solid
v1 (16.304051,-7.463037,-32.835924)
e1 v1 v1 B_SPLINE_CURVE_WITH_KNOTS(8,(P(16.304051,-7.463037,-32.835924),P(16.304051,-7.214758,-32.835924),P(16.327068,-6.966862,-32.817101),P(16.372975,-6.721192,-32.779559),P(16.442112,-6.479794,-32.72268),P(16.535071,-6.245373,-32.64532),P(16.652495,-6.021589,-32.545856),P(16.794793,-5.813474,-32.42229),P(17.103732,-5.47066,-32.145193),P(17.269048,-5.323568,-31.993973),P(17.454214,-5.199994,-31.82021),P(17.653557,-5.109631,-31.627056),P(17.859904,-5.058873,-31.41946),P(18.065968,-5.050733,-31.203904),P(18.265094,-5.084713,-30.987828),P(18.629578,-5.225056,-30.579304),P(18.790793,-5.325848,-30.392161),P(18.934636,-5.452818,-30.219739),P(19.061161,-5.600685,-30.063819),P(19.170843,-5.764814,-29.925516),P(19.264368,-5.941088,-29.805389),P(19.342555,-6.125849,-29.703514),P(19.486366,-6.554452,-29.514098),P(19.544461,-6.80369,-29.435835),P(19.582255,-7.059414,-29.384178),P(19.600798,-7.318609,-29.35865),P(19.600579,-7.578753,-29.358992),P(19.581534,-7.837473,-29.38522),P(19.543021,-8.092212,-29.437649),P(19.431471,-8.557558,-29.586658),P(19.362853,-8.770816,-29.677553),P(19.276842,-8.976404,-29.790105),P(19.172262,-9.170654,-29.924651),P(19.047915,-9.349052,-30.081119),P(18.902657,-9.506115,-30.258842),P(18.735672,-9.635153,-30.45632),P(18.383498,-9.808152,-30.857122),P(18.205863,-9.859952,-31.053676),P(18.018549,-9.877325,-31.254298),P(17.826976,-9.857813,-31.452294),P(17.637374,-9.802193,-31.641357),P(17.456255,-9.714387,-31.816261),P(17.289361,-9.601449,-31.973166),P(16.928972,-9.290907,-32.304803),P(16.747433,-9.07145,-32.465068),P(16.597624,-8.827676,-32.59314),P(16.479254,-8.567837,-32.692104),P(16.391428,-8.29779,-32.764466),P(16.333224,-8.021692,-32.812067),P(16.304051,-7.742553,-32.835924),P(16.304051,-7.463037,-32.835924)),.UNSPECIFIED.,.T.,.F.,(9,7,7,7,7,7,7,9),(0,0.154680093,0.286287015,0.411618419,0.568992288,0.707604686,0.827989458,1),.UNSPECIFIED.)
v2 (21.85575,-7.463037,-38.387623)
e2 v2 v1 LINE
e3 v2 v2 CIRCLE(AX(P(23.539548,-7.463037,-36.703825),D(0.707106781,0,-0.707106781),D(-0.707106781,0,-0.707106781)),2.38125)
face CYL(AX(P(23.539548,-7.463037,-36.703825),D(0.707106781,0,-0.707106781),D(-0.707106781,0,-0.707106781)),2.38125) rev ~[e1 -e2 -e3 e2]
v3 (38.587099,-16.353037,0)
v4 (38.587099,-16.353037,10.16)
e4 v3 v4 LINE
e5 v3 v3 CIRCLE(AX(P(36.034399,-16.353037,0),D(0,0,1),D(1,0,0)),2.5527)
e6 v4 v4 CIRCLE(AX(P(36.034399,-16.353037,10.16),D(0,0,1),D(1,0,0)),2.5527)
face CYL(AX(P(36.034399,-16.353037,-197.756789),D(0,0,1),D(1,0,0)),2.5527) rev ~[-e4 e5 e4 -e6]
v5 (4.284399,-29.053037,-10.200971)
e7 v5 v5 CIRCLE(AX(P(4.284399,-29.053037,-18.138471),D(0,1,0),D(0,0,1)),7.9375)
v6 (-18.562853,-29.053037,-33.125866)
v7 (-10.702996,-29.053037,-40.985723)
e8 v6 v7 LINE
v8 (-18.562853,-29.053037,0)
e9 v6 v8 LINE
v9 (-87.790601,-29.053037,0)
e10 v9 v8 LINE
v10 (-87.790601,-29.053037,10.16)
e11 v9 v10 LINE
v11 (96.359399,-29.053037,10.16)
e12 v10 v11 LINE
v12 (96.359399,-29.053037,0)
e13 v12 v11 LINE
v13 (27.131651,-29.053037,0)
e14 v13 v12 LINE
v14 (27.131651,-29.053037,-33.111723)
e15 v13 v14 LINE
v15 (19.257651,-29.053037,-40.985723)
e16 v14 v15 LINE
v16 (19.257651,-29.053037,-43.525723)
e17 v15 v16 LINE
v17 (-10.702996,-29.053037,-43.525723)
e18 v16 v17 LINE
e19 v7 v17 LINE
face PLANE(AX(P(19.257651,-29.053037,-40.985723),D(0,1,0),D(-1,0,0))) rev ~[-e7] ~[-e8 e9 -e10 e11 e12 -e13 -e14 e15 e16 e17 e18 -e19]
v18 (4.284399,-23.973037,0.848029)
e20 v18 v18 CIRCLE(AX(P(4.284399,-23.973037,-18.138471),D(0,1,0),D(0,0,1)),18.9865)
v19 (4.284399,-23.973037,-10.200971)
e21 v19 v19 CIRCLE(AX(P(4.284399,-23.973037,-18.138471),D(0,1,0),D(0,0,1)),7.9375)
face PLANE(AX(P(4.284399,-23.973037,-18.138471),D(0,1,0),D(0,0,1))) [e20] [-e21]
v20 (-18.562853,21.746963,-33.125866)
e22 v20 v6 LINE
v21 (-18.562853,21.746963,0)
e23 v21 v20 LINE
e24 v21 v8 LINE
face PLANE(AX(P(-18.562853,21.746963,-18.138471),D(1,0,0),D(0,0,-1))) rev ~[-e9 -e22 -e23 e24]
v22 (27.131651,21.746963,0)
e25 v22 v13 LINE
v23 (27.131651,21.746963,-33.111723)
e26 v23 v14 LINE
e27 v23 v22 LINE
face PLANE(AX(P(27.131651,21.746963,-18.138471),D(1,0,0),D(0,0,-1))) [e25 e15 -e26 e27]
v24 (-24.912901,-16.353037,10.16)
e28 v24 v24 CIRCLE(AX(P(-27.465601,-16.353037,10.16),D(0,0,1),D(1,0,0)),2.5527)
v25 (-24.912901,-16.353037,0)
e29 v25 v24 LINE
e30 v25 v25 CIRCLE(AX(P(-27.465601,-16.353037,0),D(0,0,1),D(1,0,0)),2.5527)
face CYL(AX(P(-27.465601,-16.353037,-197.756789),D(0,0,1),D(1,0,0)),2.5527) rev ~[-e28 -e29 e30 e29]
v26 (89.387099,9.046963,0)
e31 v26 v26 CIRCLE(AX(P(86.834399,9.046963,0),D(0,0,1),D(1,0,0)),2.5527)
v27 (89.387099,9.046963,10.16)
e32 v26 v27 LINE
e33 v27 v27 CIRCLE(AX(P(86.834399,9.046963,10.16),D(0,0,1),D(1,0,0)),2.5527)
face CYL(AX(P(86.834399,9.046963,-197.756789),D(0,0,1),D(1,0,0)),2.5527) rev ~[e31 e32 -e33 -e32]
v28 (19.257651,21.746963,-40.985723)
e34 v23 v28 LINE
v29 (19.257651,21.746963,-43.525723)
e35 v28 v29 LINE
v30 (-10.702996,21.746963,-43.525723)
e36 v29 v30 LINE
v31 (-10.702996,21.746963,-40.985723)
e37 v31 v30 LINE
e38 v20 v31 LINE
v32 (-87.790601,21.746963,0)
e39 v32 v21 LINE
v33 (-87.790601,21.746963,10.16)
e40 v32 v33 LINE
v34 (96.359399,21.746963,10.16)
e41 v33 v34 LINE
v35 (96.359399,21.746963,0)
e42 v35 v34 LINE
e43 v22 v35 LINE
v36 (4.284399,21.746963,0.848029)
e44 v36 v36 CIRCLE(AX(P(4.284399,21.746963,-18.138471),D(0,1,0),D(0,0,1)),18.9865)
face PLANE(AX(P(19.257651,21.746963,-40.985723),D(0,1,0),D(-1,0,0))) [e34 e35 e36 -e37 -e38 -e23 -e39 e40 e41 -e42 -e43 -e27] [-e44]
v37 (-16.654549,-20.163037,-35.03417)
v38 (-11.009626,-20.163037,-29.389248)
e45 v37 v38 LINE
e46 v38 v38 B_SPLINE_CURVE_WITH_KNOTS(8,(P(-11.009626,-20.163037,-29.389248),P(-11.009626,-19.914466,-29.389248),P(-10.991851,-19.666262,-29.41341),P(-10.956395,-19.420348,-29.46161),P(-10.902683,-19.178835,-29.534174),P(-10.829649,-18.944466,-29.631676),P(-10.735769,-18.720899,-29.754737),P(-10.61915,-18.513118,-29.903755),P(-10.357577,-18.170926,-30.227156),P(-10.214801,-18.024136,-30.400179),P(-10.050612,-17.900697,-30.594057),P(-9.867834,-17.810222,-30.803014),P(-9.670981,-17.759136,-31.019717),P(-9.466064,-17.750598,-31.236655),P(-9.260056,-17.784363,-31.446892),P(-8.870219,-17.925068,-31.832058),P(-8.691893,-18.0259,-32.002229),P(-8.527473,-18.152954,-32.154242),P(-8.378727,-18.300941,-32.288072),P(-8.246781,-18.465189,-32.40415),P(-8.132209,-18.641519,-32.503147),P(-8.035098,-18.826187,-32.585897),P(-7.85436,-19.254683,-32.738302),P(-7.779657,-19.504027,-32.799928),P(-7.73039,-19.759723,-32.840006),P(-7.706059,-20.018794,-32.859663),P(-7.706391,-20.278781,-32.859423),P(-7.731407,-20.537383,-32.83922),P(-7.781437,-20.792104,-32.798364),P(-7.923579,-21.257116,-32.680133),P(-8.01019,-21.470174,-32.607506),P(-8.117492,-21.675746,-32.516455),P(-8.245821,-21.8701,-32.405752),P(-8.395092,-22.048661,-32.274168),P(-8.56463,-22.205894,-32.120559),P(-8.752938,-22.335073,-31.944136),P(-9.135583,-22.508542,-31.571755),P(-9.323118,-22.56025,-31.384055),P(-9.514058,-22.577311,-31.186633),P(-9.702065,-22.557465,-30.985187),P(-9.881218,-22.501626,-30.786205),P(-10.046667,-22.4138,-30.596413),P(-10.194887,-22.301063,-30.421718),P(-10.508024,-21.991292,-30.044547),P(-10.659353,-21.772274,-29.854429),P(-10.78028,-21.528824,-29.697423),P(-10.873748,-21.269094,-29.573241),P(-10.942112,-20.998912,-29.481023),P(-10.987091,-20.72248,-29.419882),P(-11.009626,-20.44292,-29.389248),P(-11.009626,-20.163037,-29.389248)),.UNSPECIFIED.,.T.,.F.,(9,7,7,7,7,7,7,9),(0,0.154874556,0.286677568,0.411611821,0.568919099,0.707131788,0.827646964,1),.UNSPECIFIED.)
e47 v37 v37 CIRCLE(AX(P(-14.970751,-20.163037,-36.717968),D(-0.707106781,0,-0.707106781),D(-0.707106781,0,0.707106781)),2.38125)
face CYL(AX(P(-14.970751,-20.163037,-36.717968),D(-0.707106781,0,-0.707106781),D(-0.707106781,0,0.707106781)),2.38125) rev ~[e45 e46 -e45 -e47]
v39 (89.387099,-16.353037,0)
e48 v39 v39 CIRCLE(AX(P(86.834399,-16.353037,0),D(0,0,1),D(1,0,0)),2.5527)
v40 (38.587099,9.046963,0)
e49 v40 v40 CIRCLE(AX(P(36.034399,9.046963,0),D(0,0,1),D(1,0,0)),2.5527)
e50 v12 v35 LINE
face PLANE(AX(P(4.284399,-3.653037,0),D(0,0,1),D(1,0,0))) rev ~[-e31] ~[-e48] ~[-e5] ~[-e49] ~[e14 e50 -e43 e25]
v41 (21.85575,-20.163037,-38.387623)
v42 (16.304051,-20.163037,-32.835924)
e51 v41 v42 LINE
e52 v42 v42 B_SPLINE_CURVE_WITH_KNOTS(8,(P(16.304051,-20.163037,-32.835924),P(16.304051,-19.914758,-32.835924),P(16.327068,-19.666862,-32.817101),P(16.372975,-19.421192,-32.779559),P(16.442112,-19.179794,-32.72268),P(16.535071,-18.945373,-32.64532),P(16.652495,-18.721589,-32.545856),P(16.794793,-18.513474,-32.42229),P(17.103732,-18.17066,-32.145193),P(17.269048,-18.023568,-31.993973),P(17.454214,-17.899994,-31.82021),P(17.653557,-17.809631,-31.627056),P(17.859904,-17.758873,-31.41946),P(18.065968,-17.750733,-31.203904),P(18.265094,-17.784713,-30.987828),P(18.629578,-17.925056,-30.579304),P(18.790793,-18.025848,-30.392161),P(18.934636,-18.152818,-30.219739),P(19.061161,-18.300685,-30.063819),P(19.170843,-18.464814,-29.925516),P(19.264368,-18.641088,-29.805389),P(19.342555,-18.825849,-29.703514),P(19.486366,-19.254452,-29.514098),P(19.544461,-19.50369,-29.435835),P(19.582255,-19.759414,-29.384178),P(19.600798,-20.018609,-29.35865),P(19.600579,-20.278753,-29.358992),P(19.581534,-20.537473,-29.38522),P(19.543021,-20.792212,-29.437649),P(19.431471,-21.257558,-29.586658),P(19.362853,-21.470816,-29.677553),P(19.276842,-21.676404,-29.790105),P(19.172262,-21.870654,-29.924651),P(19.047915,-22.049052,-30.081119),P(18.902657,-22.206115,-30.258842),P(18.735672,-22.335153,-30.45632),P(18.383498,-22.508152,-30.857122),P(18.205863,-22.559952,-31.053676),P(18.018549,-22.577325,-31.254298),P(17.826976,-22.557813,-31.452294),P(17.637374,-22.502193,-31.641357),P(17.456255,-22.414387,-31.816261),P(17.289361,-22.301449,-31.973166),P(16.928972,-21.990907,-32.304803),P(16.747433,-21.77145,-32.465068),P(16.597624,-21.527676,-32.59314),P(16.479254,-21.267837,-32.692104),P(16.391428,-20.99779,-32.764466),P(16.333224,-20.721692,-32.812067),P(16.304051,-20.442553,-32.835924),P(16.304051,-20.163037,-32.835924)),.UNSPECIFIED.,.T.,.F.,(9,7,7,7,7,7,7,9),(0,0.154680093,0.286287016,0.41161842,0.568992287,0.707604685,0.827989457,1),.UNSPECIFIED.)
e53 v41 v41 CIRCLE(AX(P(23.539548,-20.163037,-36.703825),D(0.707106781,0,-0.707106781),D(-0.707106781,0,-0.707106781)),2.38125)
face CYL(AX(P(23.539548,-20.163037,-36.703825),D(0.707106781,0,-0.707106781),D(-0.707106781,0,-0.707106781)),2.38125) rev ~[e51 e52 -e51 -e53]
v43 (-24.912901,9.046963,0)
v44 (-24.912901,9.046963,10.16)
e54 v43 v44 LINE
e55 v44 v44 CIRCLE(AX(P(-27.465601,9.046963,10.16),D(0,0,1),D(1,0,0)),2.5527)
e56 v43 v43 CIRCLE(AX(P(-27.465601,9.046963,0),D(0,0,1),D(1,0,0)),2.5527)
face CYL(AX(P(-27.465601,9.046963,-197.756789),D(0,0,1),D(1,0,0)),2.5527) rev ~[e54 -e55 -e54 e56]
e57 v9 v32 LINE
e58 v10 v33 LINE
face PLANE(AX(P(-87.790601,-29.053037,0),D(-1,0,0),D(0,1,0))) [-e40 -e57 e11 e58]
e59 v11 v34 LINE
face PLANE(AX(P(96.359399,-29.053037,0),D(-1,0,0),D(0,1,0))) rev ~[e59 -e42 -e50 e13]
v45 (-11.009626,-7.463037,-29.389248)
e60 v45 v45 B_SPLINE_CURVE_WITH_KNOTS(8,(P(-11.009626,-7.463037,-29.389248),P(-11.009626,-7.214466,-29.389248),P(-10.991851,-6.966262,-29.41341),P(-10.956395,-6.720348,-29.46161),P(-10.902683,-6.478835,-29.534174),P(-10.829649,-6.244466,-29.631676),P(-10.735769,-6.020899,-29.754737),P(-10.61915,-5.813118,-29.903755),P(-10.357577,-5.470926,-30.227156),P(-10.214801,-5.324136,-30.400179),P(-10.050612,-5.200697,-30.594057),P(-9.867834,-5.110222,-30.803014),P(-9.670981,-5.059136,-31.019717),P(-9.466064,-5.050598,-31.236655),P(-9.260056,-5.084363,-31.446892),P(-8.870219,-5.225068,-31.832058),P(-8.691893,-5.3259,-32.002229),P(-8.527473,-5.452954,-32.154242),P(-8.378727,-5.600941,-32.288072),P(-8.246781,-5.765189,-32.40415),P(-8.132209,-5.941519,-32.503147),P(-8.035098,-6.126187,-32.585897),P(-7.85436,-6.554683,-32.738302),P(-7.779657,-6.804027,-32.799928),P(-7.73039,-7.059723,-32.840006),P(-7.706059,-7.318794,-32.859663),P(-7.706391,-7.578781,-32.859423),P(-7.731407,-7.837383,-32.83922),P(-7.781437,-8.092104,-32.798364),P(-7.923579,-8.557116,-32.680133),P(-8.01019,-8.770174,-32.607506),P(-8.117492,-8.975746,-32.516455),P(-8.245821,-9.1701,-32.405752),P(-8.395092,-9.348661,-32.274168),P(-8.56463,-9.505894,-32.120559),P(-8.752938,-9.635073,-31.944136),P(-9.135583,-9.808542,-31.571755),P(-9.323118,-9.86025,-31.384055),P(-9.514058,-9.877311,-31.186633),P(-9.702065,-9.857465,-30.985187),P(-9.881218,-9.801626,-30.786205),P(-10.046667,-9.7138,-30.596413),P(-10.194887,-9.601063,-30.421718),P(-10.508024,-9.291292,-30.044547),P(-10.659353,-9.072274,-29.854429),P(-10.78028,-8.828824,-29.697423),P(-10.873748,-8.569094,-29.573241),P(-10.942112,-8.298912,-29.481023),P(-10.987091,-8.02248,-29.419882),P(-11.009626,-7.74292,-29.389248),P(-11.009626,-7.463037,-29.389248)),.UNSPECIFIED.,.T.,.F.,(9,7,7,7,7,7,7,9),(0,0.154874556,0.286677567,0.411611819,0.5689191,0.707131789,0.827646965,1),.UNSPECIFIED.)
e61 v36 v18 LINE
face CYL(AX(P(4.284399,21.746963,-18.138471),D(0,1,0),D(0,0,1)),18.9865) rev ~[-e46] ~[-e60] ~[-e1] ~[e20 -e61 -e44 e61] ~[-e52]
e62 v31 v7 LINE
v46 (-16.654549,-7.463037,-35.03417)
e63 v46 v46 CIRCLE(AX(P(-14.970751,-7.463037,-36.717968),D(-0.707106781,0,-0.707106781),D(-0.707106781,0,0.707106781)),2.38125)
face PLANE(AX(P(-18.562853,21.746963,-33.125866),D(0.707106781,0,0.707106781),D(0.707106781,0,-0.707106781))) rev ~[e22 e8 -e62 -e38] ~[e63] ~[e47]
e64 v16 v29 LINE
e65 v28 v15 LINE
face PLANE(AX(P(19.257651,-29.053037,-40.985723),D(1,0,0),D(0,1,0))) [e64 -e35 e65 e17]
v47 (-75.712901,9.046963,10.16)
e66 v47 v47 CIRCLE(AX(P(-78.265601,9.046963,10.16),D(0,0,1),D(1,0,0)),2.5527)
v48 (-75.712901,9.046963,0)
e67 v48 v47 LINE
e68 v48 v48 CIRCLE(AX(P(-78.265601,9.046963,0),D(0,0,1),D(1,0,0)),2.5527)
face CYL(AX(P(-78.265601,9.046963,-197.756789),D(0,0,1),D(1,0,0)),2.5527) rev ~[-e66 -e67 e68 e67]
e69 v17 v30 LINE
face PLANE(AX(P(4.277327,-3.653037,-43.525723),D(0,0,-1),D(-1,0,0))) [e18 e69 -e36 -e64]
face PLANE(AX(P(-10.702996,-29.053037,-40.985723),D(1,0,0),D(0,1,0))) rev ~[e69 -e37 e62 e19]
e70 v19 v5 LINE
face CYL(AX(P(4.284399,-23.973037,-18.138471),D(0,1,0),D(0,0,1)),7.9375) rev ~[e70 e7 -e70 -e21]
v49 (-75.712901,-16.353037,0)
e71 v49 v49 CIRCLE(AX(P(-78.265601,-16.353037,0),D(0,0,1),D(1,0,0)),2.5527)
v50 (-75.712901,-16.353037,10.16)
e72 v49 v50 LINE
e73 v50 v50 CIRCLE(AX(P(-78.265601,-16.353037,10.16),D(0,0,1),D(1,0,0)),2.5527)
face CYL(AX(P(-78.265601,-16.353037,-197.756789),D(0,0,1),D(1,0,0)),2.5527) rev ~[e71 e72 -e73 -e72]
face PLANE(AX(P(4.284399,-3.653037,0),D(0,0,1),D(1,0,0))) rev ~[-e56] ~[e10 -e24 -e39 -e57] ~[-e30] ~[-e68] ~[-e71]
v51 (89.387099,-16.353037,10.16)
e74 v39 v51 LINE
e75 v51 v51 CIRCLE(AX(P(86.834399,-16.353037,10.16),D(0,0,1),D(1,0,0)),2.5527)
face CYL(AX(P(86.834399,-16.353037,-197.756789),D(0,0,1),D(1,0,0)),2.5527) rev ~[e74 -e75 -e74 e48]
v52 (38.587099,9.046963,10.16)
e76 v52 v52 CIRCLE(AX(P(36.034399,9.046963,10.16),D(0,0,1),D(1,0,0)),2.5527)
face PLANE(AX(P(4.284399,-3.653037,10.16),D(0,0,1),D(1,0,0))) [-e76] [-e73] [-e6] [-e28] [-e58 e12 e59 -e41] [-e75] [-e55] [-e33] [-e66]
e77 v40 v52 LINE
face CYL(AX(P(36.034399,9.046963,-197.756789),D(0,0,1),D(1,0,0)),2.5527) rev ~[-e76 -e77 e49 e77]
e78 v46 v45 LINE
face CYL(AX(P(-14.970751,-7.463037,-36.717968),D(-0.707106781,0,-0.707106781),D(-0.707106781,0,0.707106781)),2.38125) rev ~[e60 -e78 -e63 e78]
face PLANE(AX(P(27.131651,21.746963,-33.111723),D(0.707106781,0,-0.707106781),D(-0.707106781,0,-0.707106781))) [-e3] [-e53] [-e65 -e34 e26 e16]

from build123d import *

# Parameters (mm, degrees)
SKETCH1_W                           = 184.15
SKETCH1_H                           = 50.8
BOSS_EXTRUDE1_DEPTH                 = 10.16
CUT_EXTRUDE1_DEPTH                  = 110.402922012
CUT_EXTRUDE1_DEPTH_BACK             = 110.402922012
SKETCH7_R                           = 22.847252038
BOSS_EXTRUDE2_DEPTH                 = 50.8
SKETCH8_R                           = 18.9865
CUT_EXTRUDE2_DEPTH                  = 45.72
SKETCH9_R                           = 7.9375
CUT_EXTRUDE3_DEPTH                  = 115.259711281
BOSS_EXTRUDE3_DEPTH                 = 50.8
BOSS_EXTRUDE4_START                 = -50.8
BOSS_EXTRUDE4_DEPTH                 = 50.8
BOSS_EXTRUDE5_START                 = -50.8
BOSS_EXTRUDE5_DEPTH                 = 50.8
CUT_EXTRUDE6_DEPTH                  = 117.385579957
F_10_CLEARANCE_HOLE1_D              = 5.1054
F_10_CLEARANCE_HOLE2_D              = 5.1054
SKETCH31_W                          = 29.960646913
SKETCH31_H                          = 50.8
BOSS_EXTRUDE6_DEPTH                 = 2.54
F_3_16_0_1875_DIAMETER_HOLE3_REACH  = 132.668
F_3_16_0_1875_DIAMETER_HOLE3_BORE_R = 2.38125
F_3_16_0_1875_DIAMETER_HOLE4_REACH  = 129.945
F_3_16_0_1875_DIAMETER_HOLE4_BORE_R = 2.38125


with BuildPart() as part:
    # Sketch1 → Boss-Extrude1 (new body)
    with BuildSketch(Plane.XY):
        with Locations((4.284398839, -3.653036721)):
            Rectangle(SKETCH1_W, SKETCH1_H)
    extrude(amount=BOSS_EXTRUDE1_DEPTH)

    # Sketch6 → Cut-Extrude1 (cut, two sides: drawn at the far end of the back side and taken through both)
    with BuildSketch(Plane(origin=(0, 21.746963279, 0), x_dir=(1, 0, 0), z_dir=(0, 1, 0)).offset(-CUT_EXTRUDE1_DEPTH_BACK)):
        with BuildLine():
            Line((189.051531618, 108.11571126), (10.888398839, 0))
            ThreePointArc((10.888398839, 0), (4.284398839, -1.847030056), (-2.319601161, 0))
            Line((-2.319601161, 0), (-180.48273394, 108.11571126))
            Line((-180.48273394, 108.11571126), (-180.48273394, 524.918345142))
            Line((-180.48273394, 524.918345142), (189.051531618, 524.918345142))
            Line((189.051531618, 524.918345142), (189.051531618, 108.11571126))
        make_face()
    extrude(amount=CUT_EXTRUDE1_DEPTH + CUT_EXTRUDE1_DEPTH_BACK, mode=Mode.SUBTRACT)

    # Sketch7 → Boss-Extrude2 (add, through all)
    with BuildSketch(Plane(origin=(0, 21.746963279, 0), x_dir=(1, 0, 0), z_dir=(0, 1, 0))):
        with Locations((4.284398839, 18.138470809)):
            Circle(SKETCH7_R)
    extrude(amount=-BOSS_EXTRUDE2_DEPTH)

    # Sketch8 → Cut-Extrude2 (cut)
    with BuildSketch(Plane(origin=(0, 21.746963279, 0), x_dir=(1, 0, 0), z_dir=(0, 1, 0))):
        with Locations(Location((4.284398839, 18.138470809, 0), (0, 0, 270))):
            Circle(SKETCH8_R)
    extrude(amount=-CUT_EXTRUDE2_DEPTH, mode=Mode.SUBTRACT)

    # Sketch9 → Cut-Extrude3 (cut, through all)
    with BuildSketch(Plane(origin=(0, -23.973036721, 0), x_dir=(1, 0, 0), z_dir=(0, 1, 0))):
        with Locations(Location((4.284398839, 18.138470809, 0), (0, 0, 270))):
            Circle(SKETCH9_R)
    extrude(amount=-CUT_EXTRUDE3_DEPTH, mode=Mode.SUBTRACT)

    # Sketch12 → Boss-Extrude3 (add)
    with BuildSketch(Plane(origin=(0, 21.746963279, 0), x_dir=(1, 0, 0), z_dir=(0, 1, 0))):
        with BuildLine():
            Line((27.131650877, 18.138470763), (27.131650877, 0))
            Line((27.131650877, 0), (18.176583779, 0))
            ThreePointArc((18.176583779, 0), (24.770920949, 8.024157287), (27.131650877, 18.138470763))
        make_face()
        with BuildLine():
            Line((-18.562853199, 18.138470775), (-18.562853199, 0))
            Line((-18.562853199, 0), (-9.607786101, 0))
            ThreePointArc((-9.607786101, 0), (-16.202123271, 8.024157294), (-18.562853199, 18.138470775))
        make_face()
    extrude(amount=-BOSS_EXTRUDE3_DEPTH)

    # Sketch16 → Boss-Extrude4 (add)
    with BuildSketch(Plane.XZ.offset(29.053036721).offset(BOSS_EXTRUDE4_START)):
        with BuildLine():
            Line((-18.562853199, -18.138470775), (-18.562853199, -40.985722847))
            Line((-18.562853199, -40.985722847), (4.284398845, -40.985722847))
            ThreePointArc((4.284398845, -40.985722847), (-11.871048017, -34.293917645), (-18.562853199, -18.138470775))
        make_face()
    extrude(amount=BOSS_EXTRUDE4_DEPTH)

    # Sketch18 → Boss-Extrude5 (add)
    with BuildSketch(Plane.XZ.offset(29.053036721).offset(BOSS_EXTRUDE5_START)):
        with BuildLine():
            Line((27.131650877, -18.138470763), (27.131650877, -40.985722847))
            Line((27.131650877, -40.985722847), (4.284398839, -40.985722847))
            ThreePointArc((4.284398839, -40.985722847), (20.439845703, -34.29391764), (27.131650877, -18.138470763))
        make_face()
    extrude(amount=BOSS_EXTRUDE5_DEPTH)

    # Sketch19 → Cut-Extrude6 (cut, through all)
    with BuildSketch(Plane(origin=(0, 21.746963279, 0), x_dir=(1, 0, 0), z_dir=(0, 1, 0))):
        Polygon((19.257650877, 40.985722847), (27.131650877, 40.985722847), (27.131650877, 33.111722847), align=None)
        Polygon((-18.562853199, 40.985722847), (-18.562853199, 33.125865684), (-10.702996036, 40.985722847), align=None)
    extrude(amount=-CUT_EXTRUDE6_DEPTH, mode=Mode.SUBTRACT)

    # #10 Clearance Hole1 (through all)
    with Locations(Plane(origin=(0, 0, 0), x_dir=(-1, 0, 0), z_dir=(0, 0, -1))):
        with Locations((78.265601161, 9.046963279), (78.265601161, -16.353036721), (-86.834398839, -16.353036721), (-86.834398839, 9.046963279)):
            Hole(F_10_CLEARANCE_HOLE1_D / 2)

    # #10 Clearance Hole2 (through all)
    with Locations(Plane(origin=(0, 0, 0), x_dir=(-1, 0, 0), z_dir=(0, 0, -1))):
        with Locations((27.465601161, -16.353036721), (27.465601161, 9.046963279), (-36.034398839, 9.046963279), (-36.034398839, -16.353036721)):
            Hole(F_10_CLEARANCE_HOLE2_D / 2)

    # Sketch31 → Boss-Extrude6 (add)
    with BuildSketch(Plane(origin=(0, 0, -40.985722847), x_dir=(-1, 0, 0), z_dir=(0, 0, -1))):
        with Locations((-4.27732742, -3.653036721)):
            Rectangle(SKETCH31_W, SKETCH31_H)
    extrude(amount=BOSS_EXTRUDE6_DEPTH)

    # 3/16 (0.1875) Diameter Hole3 bore → 3/16 (0.1875) Diameter Hole3 (cut, up to next)
    with BuildSketch(Plane(origin=(-25.844359441, 0, -25.844359441), x_dir=(-0.7071067811865462, 0, 0.7071067811865488), z_dir=(-0.7071067811865488, 0, -0.7071067811865462)), mode=Mode.PRIVATE) as f_3_16_0_1875_diameter_hole3_sk1:
        with Locations((-15.377604883, -20.163036721)):
            Circle(F_3_16_0_1875_DIAMETER_HOLE3_BORE_R)
    f_3_16_0_1875_diameter_hole3_tool1 = extrude(f_3_16_0_1875_diameter_hole3_sk1.sketch, amount=-F_3_16_0_1875_DIAMETER_HOLE3_REACH, mode=Mode.PRIVATE) & part.part
    # 3/16 (0.1875) Diameter Hole3 bore → 3/16 (0.1875) Diameter Hole3 (cut, up to next)
    with BuildSketch(Plane(origin=(-25.844359441, 0, -25.844359441), x_dir=(-0.7071067811865462, 0, 0.7071067811865488), z_dir=(-0.7071067811865488, 0, -0.7071067811865462)), mode=Mode.PRIVATE) as f_3_16_0_1875_diameter_hole3_sk2:
        with Locations((-15.377604883, -7.463036721)):
            Circle(F_3_16_0_1875_DIAMETER_HOLE3_BORE_R)
    f_3_16_0_1875_diameter_hole3_tool2 = extrude(f_3_16_0_1875_diameter_hole3_sk2.sketch, amount=-F_3_16_0_1875_DIAMETER_HOLE3_REACH, mode=Mode.PRIVATE) & part.part
    add(f_3_16_0_1875_diameter_hole3_tool1.solids().sort_by_distance((-14.970751, -20.163037, -36.717968))[0], mode=Mode.SUBTRACT)
    add(f_3_16_0_1875_diameter_hole3_tool2.solids().sort_by_distance((-14.970751, -7.463037, -36.717968))[0], mode=Mode.SUBTRACT)

    # 3/16 (0.1875) Diameter Hole4 bore → 3/16 (0.1875) Diameter Hole4 (cut, up to next)
    with BuildSketch(Plane(origin=(30.121686862, 0, -30.121686862), x_dir=(-0.7071067811865562, 0, -0.7071067811865389), z_dir=(0.7071067811865389, 0, -0.7071067811865562)), mode=Mode.PRIVATE) as f_3_16_0_1875_diameter_hole4_sk1:
        with Locations((9.308549442, -20.163036721)):
            Circle(F_3_16_0_1875_DIAMETER_HOLE4_BORE_R)
    f_3_16_0_1875_diameter_hole4_tool1 = extrude(f_3_16_0_1875_diameter_hole4_sk1.sketch, amount=-F_3_16_0_1875_DIAMETER_HOLE4_REACH, mode=Mode.PRIVATE) & part.part
    # 3/16 (0.1875) Diameter Hole4 bore → 3/16 (0.1875) Diameter Hole4 (cut, up to next)
    with BuildSketch(Plane(origin=(30.121686862, 0, -30.121686862), x_dir=(-0.7071067811865562, 0, -0.7071067811865389), z_dir=(0.7071067811865389, 0, -0.7071067811865562)), mode=Mode.PRIVATE) as f_3_16_0_1875_diameter_hole4_sk2:
        with Locations((9.308549442, -7.463036721)):
            Circle(F_3_16_0_1875_DIAMETER_HOLE4_BORE_R)
    f_3_16_0_1875_diameter_hole4_tool2 = extrude(f_3_16_0_1875_diameter_hole4_sk2.sketch, amount=-F_3_16_0_1875_DIAMETER_HOLE4_REACH, mode=Mode.PRIVATE) & part.part
    add(f_3_16_0_1875_diameter_hole4_tool1.solids().sort_by_distance((23.539548, -20.163037, -36.703825))[0], mode=Mode.SUBTRACT)
    add(f_3_16_0_1875_diameter_hole4_tool2.solids().sort_by_distance((23.539548, -7.463037, -36.703825))[0], mode=Mode.SUBTRACT)


solid = part.part
